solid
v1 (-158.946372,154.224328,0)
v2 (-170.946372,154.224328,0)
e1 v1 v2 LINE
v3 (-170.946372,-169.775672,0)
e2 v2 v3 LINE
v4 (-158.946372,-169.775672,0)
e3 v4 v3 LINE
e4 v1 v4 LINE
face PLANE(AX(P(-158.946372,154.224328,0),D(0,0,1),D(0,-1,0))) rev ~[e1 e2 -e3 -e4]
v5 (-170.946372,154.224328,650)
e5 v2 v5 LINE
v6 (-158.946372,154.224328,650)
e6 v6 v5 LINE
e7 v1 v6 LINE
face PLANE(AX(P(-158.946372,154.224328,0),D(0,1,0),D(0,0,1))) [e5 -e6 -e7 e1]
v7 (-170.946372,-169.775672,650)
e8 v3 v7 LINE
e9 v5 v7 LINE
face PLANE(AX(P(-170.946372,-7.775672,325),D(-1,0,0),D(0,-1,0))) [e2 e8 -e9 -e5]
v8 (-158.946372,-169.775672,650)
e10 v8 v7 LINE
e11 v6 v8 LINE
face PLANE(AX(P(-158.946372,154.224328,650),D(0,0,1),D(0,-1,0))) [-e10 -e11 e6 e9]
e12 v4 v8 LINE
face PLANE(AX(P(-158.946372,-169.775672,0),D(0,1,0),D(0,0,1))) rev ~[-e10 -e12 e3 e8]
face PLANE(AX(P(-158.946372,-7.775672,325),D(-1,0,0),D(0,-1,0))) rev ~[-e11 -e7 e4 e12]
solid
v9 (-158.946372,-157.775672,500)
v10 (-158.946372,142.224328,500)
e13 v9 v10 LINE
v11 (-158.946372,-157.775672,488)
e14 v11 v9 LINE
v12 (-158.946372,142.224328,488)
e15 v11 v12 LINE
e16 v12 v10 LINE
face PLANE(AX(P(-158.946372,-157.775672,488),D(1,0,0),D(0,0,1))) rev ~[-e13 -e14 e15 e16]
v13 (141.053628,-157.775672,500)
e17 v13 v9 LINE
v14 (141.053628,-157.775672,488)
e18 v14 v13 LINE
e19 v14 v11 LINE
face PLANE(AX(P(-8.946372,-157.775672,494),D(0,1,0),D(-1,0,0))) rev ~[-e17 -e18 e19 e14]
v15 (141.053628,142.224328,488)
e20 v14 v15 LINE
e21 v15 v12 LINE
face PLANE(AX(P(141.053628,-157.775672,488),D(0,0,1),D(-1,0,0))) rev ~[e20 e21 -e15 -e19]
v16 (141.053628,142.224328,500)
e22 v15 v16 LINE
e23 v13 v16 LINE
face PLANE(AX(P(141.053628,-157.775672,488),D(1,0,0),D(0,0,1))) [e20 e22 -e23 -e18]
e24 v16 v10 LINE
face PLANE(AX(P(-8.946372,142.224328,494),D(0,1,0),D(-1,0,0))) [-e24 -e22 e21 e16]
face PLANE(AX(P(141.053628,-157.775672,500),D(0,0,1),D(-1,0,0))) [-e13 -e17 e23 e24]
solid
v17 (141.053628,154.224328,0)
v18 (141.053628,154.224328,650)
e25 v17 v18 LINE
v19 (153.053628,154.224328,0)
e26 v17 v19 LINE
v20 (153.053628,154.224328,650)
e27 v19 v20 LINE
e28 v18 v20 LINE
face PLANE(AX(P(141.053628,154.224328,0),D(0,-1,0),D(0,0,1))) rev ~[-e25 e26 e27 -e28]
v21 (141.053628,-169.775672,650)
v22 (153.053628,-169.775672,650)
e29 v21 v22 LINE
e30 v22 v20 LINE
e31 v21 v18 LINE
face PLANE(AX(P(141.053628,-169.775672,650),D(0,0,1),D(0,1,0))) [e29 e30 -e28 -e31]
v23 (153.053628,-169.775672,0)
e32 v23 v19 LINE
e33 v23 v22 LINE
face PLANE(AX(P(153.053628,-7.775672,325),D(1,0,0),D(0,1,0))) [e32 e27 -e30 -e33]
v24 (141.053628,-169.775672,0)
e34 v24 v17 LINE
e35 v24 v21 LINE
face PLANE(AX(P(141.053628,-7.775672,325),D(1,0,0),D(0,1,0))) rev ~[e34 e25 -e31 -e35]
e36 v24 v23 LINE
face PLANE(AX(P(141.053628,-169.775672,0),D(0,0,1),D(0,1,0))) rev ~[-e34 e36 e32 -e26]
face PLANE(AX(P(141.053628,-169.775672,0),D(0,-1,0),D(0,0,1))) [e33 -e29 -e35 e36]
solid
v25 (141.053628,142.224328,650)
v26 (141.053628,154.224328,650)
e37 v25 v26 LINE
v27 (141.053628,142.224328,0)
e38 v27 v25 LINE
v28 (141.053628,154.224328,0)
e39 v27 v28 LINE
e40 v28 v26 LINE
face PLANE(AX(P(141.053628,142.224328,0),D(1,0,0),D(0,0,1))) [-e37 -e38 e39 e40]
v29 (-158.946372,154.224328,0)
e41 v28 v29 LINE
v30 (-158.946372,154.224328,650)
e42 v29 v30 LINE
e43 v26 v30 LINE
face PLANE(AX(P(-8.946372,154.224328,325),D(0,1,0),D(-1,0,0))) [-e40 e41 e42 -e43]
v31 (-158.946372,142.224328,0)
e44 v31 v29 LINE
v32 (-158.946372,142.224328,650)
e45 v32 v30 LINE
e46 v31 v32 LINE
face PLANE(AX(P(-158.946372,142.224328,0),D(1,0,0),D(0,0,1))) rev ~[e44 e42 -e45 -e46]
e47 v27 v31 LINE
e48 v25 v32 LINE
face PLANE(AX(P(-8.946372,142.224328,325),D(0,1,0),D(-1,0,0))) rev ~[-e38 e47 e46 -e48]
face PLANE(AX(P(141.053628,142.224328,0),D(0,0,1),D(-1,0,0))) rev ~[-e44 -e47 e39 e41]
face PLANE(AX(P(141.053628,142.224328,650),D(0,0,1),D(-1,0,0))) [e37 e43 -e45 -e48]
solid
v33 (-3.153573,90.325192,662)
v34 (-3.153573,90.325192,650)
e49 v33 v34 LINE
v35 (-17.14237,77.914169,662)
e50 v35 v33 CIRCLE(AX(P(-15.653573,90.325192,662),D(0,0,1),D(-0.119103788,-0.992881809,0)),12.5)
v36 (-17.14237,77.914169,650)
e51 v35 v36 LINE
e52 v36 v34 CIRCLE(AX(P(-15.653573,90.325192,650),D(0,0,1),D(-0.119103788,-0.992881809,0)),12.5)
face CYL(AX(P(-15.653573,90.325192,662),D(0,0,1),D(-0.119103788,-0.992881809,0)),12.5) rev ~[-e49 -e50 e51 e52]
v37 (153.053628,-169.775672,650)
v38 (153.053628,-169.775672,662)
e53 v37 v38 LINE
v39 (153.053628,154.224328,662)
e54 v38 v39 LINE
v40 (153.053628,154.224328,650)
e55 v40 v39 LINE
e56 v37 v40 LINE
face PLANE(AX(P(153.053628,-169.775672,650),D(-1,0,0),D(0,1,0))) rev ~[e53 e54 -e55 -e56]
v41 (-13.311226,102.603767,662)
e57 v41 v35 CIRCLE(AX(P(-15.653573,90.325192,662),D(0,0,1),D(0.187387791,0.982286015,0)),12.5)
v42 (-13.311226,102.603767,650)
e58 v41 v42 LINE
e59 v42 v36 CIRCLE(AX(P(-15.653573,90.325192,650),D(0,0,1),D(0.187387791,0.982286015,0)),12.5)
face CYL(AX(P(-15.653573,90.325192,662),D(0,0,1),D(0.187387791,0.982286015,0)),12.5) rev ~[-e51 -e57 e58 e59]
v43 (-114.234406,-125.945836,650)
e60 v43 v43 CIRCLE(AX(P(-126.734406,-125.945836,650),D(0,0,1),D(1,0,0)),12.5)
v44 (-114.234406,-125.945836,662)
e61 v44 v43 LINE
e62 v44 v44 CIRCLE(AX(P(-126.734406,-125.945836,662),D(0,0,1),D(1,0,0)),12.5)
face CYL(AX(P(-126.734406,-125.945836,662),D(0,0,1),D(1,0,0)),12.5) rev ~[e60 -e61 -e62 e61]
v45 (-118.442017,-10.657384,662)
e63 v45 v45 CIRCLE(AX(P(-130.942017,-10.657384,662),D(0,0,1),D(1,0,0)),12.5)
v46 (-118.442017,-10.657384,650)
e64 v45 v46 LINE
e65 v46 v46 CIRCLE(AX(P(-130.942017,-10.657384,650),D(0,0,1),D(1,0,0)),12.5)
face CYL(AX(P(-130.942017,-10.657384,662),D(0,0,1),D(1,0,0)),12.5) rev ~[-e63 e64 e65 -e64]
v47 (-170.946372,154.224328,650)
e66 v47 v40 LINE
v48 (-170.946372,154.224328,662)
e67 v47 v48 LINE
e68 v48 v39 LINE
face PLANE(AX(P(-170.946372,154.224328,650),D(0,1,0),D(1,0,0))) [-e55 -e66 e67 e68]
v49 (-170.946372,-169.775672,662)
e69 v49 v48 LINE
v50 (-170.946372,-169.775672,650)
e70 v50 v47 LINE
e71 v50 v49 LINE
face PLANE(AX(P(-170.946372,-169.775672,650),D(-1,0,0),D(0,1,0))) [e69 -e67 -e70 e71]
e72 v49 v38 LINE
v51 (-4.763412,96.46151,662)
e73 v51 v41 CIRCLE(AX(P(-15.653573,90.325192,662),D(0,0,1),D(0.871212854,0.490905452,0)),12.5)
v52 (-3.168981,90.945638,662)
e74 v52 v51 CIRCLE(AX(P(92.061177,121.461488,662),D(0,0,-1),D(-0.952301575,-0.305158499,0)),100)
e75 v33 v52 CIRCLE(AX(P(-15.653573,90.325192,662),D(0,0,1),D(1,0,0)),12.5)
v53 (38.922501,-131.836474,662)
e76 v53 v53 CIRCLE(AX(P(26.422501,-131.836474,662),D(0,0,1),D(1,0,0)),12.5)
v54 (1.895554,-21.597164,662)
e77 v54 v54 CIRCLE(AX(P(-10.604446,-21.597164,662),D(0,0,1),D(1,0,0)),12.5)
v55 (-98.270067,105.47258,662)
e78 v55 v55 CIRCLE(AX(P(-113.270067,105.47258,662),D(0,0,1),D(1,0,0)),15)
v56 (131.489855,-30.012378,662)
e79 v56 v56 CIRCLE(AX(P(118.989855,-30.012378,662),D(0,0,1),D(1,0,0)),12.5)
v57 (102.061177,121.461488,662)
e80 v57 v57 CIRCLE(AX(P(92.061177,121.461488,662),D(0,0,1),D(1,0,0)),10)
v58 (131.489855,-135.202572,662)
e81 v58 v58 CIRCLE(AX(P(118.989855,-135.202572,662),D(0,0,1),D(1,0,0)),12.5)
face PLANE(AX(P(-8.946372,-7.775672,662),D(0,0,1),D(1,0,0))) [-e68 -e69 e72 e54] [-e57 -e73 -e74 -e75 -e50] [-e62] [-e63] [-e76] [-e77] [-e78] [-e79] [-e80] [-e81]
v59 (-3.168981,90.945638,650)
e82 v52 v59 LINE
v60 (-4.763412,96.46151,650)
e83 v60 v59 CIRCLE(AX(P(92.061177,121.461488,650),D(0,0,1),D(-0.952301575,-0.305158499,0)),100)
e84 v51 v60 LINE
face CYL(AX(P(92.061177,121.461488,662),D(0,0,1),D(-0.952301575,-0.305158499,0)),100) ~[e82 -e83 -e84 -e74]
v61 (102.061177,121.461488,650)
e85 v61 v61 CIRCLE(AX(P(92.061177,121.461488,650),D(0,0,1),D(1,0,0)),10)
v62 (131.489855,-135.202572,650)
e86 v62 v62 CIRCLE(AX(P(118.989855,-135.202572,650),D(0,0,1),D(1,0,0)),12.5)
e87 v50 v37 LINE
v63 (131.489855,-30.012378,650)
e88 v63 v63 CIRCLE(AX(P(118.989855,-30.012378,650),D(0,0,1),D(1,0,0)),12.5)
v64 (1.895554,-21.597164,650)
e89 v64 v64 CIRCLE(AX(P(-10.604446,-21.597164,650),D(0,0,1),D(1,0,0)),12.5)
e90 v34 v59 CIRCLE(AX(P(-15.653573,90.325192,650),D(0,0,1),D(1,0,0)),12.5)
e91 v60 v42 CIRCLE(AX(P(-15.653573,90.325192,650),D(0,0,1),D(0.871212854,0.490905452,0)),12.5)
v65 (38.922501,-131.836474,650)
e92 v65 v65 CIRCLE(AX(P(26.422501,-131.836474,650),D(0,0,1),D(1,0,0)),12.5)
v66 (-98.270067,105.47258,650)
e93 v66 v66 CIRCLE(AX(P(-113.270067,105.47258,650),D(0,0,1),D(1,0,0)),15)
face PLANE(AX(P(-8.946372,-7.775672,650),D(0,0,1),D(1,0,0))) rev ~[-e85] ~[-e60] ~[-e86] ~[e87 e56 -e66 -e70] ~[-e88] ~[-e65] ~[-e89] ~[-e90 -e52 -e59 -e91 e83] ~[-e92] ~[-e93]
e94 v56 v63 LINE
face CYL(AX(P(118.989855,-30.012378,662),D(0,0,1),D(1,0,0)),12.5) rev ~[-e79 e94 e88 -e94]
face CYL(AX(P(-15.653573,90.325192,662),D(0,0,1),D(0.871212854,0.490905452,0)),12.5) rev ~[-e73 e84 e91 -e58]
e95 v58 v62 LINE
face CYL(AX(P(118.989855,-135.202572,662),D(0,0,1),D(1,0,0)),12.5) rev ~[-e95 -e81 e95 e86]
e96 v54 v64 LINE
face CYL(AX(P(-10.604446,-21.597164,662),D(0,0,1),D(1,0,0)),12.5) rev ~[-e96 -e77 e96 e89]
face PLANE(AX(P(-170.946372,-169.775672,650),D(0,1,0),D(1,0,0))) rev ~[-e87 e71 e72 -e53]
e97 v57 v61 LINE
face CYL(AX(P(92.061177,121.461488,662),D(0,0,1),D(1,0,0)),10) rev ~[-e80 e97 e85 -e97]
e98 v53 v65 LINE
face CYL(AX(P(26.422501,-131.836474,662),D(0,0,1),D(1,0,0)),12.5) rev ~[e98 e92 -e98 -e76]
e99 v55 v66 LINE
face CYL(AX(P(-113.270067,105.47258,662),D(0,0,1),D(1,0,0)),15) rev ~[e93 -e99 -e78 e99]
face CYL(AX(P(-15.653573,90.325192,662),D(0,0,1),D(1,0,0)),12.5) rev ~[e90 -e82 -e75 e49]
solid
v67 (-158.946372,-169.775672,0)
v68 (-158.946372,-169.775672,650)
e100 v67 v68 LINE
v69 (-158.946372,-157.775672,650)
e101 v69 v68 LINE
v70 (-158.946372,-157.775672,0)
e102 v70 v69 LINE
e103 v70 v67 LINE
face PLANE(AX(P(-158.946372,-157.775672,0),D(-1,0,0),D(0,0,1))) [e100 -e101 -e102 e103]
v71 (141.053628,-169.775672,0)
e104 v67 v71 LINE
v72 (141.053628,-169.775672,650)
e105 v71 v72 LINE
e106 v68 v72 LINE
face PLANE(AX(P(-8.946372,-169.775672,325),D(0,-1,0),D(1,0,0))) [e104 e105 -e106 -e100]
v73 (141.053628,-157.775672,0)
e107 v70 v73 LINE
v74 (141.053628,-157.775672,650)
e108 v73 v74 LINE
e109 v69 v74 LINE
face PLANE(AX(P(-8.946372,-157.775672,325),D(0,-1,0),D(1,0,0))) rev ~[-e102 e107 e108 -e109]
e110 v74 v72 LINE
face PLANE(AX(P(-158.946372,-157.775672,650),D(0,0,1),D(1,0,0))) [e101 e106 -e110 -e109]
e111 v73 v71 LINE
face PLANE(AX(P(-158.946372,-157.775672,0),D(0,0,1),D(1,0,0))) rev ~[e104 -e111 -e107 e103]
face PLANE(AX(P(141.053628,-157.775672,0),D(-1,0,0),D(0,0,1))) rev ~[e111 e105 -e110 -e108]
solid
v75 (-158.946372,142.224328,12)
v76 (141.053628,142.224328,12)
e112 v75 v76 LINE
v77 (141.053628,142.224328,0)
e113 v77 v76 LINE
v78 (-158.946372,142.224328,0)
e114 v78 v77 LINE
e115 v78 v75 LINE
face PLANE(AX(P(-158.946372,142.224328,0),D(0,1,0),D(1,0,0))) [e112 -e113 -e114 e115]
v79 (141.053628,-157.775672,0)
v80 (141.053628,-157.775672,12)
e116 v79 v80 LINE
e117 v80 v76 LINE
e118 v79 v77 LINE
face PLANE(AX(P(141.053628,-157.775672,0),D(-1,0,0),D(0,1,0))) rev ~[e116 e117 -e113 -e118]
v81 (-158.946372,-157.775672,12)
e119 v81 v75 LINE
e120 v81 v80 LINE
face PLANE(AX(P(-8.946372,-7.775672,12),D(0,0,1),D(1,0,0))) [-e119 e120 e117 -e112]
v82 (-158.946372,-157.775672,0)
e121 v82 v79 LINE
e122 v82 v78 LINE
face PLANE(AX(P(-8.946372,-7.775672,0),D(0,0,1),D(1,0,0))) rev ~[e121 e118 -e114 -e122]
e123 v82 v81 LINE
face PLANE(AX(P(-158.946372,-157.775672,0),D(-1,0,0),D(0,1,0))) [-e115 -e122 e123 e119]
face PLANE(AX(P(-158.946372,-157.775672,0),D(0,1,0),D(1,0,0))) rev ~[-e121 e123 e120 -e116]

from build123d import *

# Parameters (mm, degrees)
F0_W      = 300
F0_H      = 300
F1_DEPTH  = 12
F2_W      = 300
F2_H      = 650
F3_DEPTH  = 12
F4_W      = 300
F4_H      = 650
F5_DEPTH  = 12
F6_W      = 300
F6_H      = 12
F7_DEPTH  = 300
F8_W      = 324
F8_H      = 650
F9_DEPTH  = 12
F10_W     = 324
F10_H     = 650
F11_DEPTH = 12
F12_W     = 324
F12_H     = 324
F13_DEPTH = 12
F14_R     = 15
F14_R_2   = 10
F14_R_3   = 12.5
F15_DEPTH = 25


with BuildPart() as f1:
    # F0 (on Top) → F1 (new body)
    with BuildSketch(Plane.XY):
        with Locations((-8.9463724196, -7.7756721587)):
            Rectangle(F0_W, F0_H)
    extrude(amount=F1_DEPTH)


with BuildPart() as f3:
    # F2 (on face) → F3 (new body)
    with BuildSketch(Plane.XZ.offset(157.7756721587)):
        with Locations((-8.9463724196, 325)):
            Rectangle(F2_W, F2_H)
    extrude(amount=F3_DEPTH)


with BuildPart() as f5:
    # F4 (on face) → F5 (new body)
    with BuildSketch(Plane(origin=(0, 142.2243278413, 0), x_dir=(-1, 0, 0), z_dir=(0, 1, 0))):
        with Locations((8.9463724196, 325)):
            Rectangle(F4_W, F4_H)
    extrude(amount=F5_DEPTH)


with BuildPart() as f7:
    # F6 (on face) → F7 (new body, through all)
    with BuildSketch(Plane(origin=(0, -157.7756721587, 0), x_dir=(-1, 0, 0), z_dir=(0, 1, 0))):
        with Locations((8.9463724196, 494)):
            Rectangle(F6_W, F6_H)
    extrude(amount=F7_DEPTH)


with BuildPart() as f9:
    # F8 (on face) → F9 (new body)
    with BuildSketch(Plane.YZ.offset(141.0536275804)):
        with Locations((-7.7756721587, 325)):
            Rectangle(F8_W, F8_H)
    extrude(amount=F9_DEPTH)


with BuildPart() as f11:
    # F10 (on face) → F11 (new body)
    with BuildSketch(Plane(origin=(-158.9463724196, 0, 0), x_dir=(0, -1, 0), z_dir=(-1, 0, 0))):
        with Locations((7.7756721587, 325)):
            Rectangle(F10_W, F10_H)
    extrude(amount=F11_DEPTH)


with BuildPart() as f13:
    # F12 (on face) → F13 (new body)
    with BuildSketch(Plane.XY.offset(650)):
        with Locations((-8.9463724196, -7.7756721587)):
            Rectangle(F12_W, F12_H)
    extrude(amount=F13_DEPTH)

    # F14 (on face) → F15 (cut)
    with BuildSketch(Plane.XY.offset(662)):
        with Locations((-113.2700666785, 105.4725795984)):
            Circle(F14_R)
        with BuildLine():
            ThreePointArc((-17.1423703304, 77.9141689984), (-7.357789919, 80.9747914405), (-3.1535729766, 90.325191617))
            ThreePointArc((-3.1535729766, 90.325191617), (-3.1574254863, 90.6355106494), (-3.1689806409, 90.9456384006))
            ThreePointArc((-3.1689806409, 90.9456384006), (-4.0057926873, 93.692128302), (-4.7634123003, 96.4615097676))
            ThreePointArc((-4.7634123003, 96.4615097676), (-8.3592842629, 100.4762187651), (-13.311225583, 102.6037668067))
            ThreePointArc((-13.311225583, 102.6037668067), (-14.4526765002, 90.1388455994), (-17.1423703304, 77.9141689984))
        make_face()
        with BuildLine():
            ThreePointArc((-13.311225583, 102.6037668067), (-28.0057467489, 92.2419083669), (-17.1423703304, 77.9141689984))
            ThreePointArc((-17.1423703304, 77.9141689984), (-14.4526765002, 90.1388455994), (-13.311225583, 102.6037668067))
        make_face()
        with Locations((92.0611768961, 121.4614883065)):
            Circle(F14_R_2)
        with Locations((-10.6044458225, -21.5971637517)):
            Circle(F14_R_3)
        with Locations((-130.94201684, -10.6573840603)):
            Circle(F14_R_3)
        with Locations((118.989855051, -30.0123784691)):
            Circle(F14_R_3)
        with Locations((118.989855051, -135.2025717497)):
            Circle(F14_R_3)
        with Locations((26.4225006104, -131.8364739418)):
            Circle(F14_R_3)
        with Locations((-126.734405756, -125.9458363056)):
            Circle(F14_R_3)
    extrude(amount=-F15_DEPTH, mode=Mode.SUBTRACT)


solid = Compound([f1.part, f3.part, f5.part, f7.part, f9.part, f11.part, f13.part])
